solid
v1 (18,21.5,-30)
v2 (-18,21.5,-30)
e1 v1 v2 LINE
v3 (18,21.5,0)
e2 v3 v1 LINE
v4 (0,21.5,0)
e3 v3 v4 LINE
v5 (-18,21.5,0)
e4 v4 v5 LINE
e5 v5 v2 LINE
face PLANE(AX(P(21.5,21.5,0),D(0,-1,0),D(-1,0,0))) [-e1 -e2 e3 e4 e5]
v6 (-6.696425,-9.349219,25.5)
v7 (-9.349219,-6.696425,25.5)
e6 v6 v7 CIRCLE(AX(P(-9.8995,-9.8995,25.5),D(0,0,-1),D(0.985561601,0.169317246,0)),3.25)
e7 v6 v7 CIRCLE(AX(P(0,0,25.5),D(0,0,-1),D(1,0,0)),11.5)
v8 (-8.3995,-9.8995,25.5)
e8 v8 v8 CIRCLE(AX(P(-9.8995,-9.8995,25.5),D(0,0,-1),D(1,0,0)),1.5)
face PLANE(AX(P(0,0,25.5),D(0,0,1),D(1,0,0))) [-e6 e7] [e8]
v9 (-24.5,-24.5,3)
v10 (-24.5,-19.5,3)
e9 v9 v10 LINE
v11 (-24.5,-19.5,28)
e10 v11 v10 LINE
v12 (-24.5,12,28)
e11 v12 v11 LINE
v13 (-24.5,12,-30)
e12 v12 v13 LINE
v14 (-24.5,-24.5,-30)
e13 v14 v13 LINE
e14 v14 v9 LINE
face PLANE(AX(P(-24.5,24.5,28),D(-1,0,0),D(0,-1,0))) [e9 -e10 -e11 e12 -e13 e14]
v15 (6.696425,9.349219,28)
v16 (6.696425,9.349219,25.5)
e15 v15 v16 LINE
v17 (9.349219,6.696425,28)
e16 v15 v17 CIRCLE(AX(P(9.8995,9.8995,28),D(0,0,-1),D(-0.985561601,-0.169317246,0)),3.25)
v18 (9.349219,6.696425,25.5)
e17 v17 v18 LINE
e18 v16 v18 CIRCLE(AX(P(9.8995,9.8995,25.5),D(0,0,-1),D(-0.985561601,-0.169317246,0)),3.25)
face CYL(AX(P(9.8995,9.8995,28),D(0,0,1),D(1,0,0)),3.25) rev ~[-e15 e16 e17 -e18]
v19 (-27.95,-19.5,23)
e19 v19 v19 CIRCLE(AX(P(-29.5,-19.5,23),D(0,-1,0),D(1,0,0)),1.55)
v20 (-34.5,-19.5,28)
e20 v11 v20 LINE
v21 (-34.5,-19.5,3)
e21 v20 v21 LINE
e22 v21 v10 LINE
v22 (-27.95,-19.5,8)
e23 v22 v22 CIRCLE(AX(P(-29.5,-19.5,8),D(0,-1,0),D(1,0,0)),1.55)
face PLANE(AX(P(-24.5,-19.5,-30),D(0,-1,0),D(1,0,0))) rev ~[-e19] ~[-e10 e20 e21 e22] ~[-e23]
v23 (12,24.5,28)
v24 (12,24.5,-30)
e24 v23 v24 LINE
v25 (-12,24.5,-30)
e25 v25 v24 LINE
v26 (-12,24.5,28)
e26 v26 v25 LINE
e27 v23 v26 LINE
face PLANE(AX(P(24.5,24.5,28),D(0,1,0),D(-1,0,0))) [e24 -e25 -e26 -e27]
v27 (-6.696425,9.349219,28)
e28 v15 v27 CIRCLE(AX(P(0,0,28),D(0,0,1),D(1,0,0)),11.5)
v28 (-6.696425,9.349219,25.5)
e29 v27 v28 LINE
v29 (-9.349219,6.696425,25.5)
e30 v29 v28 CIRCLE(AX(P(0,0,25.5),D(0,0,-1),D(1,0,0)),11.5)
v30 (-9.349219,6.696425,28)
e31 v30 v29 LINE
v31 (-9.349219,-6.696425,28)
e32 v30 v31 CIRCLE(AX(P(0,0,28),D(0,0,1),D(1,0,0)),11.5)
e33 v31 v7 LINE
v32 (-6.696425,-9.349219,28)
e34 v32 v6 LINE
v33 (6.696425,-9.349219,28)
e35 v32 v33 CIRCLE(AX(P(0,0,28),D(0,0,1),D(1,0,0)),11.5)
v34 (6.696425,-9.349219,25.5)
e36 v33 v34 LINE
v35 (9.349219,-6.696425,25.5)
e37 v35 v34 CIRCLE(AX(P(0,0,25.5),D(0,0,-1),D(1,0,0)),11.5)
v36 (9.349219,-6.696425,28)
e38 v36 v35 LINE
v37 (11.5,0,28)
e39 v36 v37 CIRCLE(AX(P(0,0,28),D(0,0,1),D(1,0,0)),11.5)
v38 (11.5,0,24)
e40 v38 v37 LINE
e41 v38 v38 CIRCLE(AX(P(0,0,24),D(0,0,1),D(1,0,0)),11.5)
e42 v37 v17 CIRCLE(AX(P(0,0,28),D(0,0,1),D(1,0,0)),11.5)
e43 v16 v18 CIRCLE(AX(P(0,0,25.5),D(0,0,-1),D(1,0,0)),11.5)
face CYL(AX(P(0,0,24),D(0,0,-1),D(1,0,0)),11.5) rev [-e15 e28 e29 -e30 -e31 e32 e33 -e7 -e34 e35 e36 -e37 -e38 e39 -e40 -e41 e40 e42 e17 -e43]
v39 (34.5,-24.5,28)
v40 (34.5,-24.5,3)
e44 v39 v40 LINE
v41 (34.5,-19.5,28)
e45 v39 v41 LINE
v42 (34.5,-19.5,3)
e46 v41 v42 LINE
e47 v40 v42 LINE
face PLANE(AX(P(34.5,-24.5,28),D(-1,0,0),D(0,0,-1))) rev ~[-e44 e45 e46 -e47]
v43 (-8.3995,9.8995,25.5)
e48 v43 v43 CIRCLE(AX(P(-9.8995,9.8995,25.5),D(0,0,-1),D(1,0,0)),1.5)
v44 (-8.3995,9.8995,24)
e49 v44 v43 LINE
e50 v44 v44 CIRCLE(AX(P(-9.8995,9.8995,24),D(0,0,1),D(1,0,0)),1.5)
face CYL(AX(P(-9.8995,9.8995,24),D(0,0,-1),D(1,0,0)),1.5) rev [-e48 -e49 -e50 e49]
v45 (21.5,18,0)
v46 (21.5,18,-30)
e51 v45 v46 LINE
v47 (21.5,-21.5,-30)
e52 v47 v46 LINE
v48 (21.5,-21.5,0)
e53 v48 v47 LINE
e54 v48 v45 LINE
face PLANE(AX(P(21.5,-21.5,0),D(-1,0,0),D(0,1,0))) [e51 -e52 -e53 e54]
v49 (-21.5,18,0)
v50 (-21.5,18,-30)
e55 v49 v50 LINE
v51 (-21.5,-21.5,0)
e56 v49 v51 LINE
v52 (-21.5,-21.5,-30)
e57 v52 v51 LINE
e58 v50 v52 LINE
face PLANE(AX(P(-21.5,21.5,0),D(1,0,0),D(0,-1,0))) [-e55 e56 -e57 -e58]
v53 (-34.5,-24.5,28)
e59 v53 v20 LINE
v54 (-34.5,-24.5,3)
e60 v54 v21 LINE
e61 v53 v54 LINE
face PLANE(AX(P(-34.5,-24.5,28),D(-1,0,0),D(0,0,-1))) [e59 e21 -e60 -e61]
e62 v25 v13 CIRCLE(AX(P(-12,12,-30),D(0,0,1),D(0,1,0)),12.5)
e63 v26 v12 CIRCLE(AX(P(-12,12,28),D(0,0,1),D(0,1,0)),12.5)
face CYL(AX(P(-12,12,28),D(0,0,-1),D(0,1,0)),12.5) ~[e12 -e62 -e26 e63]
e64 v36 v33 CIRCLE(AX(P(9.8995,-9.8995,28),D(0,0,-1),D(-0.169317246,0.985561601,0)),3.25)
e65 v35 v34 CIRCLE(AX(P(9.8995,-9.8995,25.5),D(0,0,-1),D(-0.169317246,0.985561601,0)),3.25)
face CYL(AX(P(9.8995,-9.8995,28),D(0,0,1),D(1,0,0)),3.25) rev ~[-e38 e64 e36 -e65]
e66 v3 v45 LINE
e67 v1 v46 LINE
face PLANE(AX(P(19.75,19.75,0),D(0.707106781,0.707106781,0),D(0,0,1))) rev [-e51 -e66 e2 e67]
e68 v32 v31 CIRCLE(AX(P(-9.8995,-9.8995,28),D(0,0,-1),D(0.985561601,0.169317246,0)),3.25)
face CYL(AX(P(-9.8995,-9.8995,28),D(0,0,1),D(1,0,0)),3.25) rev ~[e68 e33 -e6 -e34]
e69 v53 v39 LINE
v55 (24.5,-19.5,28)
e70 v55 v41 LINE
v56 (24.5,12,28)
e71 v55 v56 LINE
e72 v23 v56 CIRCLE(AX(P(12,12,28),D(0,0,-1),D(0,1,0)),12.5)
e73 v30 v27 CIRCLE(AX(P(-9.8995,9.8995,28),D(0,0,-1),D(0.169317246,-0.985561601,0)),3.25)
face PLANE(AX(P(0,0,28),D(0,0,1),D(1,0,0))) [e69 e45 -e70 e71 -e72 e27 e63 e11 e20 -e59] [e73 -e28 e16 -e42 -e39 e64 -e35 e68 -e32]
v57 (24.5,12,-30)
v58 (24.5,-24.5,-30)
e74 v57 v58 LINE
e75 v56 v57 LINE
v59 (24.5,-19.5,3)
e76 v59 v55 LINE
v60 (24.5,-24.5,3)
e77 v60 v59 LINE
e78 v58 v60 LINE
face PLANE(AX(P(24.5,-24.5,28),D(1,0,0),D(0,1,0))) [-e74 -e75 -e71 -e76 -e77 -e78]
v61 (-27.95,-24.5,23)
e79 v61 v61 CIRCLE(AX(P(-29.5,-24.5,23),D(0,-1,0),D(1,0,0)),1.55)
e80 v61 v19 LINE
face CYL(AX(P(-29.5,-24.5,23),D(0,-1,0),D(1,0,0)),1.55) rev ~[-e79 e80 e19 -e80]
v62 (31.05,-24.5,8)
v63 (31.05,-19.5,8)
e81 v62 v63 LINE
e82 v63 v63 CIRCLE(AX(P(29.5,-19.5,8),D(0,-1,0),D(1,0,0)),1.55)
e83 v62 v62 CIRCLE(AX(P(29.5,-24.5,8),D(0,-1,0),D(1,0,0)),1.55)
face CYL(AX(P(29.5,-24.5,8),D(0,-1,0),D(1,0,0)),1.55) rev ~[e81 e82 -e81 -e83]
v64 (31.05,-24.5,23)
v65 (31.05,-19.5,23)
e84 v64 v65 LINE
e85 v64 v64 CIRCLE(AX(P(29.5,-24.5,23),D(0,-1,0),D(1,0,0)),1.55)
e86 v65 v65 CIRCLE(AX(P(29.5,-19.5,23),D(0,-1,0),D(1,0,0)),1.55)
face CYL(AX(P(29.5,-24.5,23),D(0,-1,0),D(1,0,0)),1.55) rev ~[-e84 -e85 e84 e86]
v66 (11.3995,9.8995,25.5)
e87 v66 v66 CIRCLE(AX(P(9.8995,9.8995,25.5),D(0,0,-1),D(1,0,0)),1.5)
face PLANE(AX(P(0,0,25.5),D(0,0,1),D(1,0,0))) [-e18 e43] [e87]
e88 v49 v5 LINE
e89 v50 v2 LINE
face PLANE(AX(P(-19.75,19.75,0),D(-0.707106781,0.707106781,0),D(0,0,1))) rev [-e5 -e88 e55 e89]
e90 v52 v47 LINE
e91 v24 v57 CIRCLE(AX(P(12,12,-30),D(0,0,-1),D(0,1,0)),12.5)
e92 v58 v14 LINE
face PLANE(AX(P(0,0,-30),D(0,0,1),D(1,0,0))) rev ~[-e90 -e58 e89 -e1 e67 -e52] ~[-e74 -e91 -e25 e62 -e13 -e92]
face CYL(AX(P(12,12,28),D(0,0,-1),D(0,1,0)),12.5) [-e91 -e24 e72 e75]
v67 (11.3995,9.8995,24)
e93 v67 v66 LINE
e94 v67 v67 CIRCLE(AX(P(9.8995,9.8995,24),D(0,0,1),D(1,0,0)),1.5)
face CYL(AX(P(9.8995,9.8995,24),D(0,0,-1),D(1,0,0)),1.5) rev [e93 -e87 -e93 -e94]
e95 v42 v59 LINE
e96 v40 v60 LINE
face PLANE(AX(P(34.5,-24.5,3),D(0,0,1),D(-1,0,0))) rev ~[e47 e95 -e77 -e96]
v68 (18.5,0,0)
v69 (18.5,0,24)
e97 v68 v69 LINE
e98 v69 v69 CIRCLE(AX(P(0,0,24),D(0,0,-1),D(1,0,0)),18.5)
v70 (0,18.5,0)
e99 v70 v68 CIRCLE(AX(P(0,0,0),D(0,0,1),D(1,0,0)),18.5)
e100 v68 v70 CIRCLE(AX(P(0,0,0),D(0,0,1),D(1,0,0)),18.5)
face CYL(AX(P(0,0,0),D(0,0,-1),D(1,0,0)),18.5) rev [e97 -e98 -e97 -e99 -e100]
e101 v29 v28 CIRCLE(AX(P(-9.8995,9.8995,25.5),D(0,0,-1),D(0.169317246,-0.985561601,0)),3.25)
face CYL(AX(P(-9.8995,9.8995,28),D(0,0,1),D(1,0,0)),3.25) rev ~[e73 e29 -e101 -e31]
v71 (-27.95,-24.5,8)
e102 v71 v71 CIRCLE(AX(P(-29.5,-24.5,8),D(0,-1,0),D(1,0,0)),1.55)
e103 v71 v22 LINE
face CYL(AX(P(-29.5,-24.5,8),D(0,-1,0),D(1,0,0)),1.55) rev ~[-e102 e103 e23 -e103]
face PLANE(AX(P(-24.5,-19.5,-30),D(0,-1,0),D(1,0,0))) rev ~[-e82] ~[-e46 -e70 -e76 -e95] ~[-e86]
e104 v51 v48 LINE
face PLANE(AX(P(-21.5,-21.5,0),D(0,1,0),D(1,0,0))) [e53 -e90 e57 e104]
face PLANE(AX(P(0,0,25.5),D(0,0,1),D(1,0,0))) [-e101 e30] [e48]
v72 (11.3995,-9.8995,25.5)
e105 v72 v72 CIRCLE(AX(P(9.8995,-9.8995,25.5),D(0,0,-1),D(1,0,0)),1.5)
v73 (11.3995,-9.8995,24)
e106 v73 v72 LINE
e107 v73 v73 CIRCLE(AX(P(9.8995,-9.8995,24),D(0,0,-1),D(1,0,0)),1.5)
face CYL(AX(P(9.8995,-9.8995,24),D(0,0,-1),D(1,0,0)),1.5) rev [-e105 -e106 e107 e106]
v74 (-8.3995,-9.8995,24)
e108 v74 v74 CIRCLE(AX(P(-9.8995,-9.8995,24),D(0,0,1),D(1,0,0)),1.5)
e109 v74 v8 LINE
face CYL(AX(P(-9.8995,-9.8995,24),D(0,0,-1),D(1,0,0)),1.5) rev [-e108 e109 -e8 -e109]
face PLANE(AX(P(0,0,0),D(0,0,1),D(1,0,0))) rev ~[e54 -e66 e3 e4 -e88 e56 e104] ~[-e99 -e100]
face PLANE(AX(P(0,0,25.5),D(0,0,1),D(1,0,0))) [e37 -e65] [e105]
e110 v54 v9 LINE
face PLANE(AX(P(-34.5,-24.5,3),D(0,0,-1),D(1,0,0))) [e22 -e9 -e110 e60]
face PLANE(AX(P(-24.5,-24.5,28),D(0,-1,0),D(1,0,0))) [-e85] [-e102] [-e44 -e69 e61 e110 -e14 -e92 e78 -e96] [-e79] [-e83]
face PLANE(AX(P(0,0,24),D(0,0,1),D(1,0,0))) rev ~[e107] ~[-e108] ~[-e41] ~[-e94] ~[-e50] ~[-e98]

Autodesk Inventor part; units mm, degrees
ref_plane "YZ Plane" through (0, 0, 0) normal (1, 0, 0) x (0, 1, 0)
ref_plane "XZ Plane" through (0, 0, 0) normal (0, 1, 0) x (-1, 0, 0)
ref_plane "XY Plane" through (0, 0, 0) normal (0, 0, 1) x (1, 0, 0)
sketch "Sketch1" plane through (0, 0, 0) normal (0, 0, 1) x (1, 0, 0)
  line L0 (-21.5, -21.5) -> (21.5, -21.5)
  line L1 (21.5, -21.5) -> (21.5, 21.5)
  line L2 (21.5, 21.5) -> (-21.5, 21.5)
  line L3 (-21.5, 21.5) -> (-21.5, -21.5)
  line L4 (-21.5, -21.5) -> (21.5, 21.5) construction
  line L5 (21.5, -21.5) -> (-21.5, 21.5) construction
  circle A0 centre (0, 0) radius 18.5
  circle A1 centre (0, 0) radius 11.5
  circle A2 centre (0, 0) radius 14
  circle A3 centre (-9.8995, 9.8995) radius 1.5
  circle A4 centre (-9.8995, -9.8995) radius 1.5
  circle A5 centre (9.8995, -9.8995) radius 1.5
  circle A6 centre (9.8995, 9.8995) radius 1.5
  line L6 (0, 0) -> (0, 21.5)
  line L7 (-24.5, 24.5) -> (24.5, 24.5)
  line L8 (24.5, 24.5) -> (24.5, -24.5)
  line L9 (24.5, -24.5) -> (-24.5, -24.5)
  line L10 (-24.5, -24.5) -> (-24.5, 24.5)
  line L11 (-24.5, 24.5) -> (24.5, -24.5) construction
  line L12 (24.5, 24.5) -> (-24.5, -24.5) construction
  dimension "d4" = 28
  dimension "d0" = 43
  dimension "d1" = 43
  dimension "d2" = 37
  dimension "d3" = 23
  dimension "d5" = 3
  dimension "d8" = 360
  dimension "d10" = 3
  dimension "d11" = 3
extrude "Extrusion1" add sketch "Sketch1" along normal blind 5 and the other way blind 30 contours L7 L8 L9 L10
extrude "Extrusion2" add sketch "Sketch1" along normal blind 24 contours L3 L2 L1 L0
sketch "Sketch2" plane through (0, 0, 24) normal (0, 0, 1) x (1, 0, 0)
  circle A0 centre (0, 0) radius 11.5 projected
  circle A1 centre (0, 0) radius 14 projected
  circle A2 centre (9.8995, 9.8995) radius 1.5 projected
  circle A3 centre (9.8995, -9.8995) radius 1.5 projected
  circle A4 centre (-9.8995, -9.8995) radius 1.5 projected
  circle A5 centre (-9.8995, 9.8995) radius 1.5 projected
  circle A6 centre (0, 0) radius 18.5 projected
  line L0 (-21.5, 21.5) -> (-21.5, -21.5) projected
  line L1 (-21.5, -21.5) -> (21.5, -21.5) projected
  line L2 (21.5, -21.5) -> (21.5, 21.5) projected
  line L3 (21.5, 21.5) -> (-21.5, 21.5) projected
  circle A7 centre (0, 0) radius 18.5 projected
  line L4 (24.5, -24.5) -> (-24.5, -24.5) projected
  line L5 (24.5, 24.5) -> (24.5, -24.5) projected
  line L6 (-24.5, 24.5) -> (24.5, 24.5) projected
  line L7 (-24.5, -24.5) -> (-24.5, 24.5) projected
  line L8 (21.5, -21.5) -> (21.5, 21.5) projected
  line L9 (-21.5, -21.5) -> (21.5, -21.5) projected
  line L10 (-21.5, 21.5) -> (-21.5, -21.5) projected
  line L11 (21.5, 21.5) -> (-21.5, 21.5) projected
extrude "Extrusion3" add sketch "Sketch2" along normal blind 4 contours A1 A3 A4 A5 A2 | A6 | L3 L2 L1 L0
sketch "Sketch8" plane through (0, 0, 28) normal (0, 0, 1) x (1, 0, 0)
  line L0 (-24.5, -24.5) -> (24.5, -24.5) projected
  line L1 (24.5, -24.5) -> (24.5, 24.5) projected
  line L2 (24.5, 24.5) -> (-24.5, 24.5) projected
  line L3 (-24.5, 24.5) -> (-24.5, -24.5) projected
  line L4 (21.5, 21.5) -> (21.5, -21.5) projected
  line L5 (21.5, -21.5) -> (-21.5, -21.5) projected
  line L6 (-21.5, -21.5) -> (-21.5, 21.5) projected
  line L7 (-21.5, 21.5) -> (21.5, 21.5) projected
  line L8 (-21.5, 21.5) -> (-21.5, -21.5) projected
  line L9 (-21.5, -21.5) -> (21.5, -21.5) projected
  line L10 (21.5, -21.5) -> (21.5, 21.5) projected
  line L11 (21.5, 21.5) -> (-21.5, 21.5) projected
  circle A0 centre (-9.8995, 9.8995) radius 1.5 projected
  circle A1 centre (-9.8995, -9.8995) radius 1.5 projected
  circle A2 centre (9.8995, -9.8995) radius 1.5 projected
  circle A3 centre (0, 0) radius 11.5 projected
  circle A4 centre (9.8995, 9.8995) radius 1.5 projected
extrude "Extrusion8" add sketch "Sketch8" against normal up to surface (23 mm away) contours L3 L2 L1 L0
sketch "Sketch9" plane through (-24.5, -24.5, -30) normal (0, -1, 0) x (1, 0, 0)
  line L0 (49, 0) -> (49, 58) projected
  line L1 (49, 58) -> (59, 58)
  line L2 (59, 58) -> (59, 33)
  line L3 (59, 33) -> (49, 33)
  line L4 (49, 33) -> (49, 58)
  line L5 (0, 58) -> (0, 0) projected
  line L6 (0, 58) -> (-10, 58)
  line L7 (-10, 58) -> (-10, 33)
  line L8 (-10, 33) -> (0, 33)
  line L9 (0, 33) -> (0, 58)
  line L10 (0, 58) -> (49, 58) projected
  circle A0 centre (54, 38) radius 1.55
  circle A1 centre (54, 53) radius 1.55
  circle A2 centre (-5, 38) radius 1.55
  circle A3 centre (-5, 53) radius 1.55
  point P0 (24.5, 30)
  point P1 (0, 33)
  point P2 (49, 33)
  dimension "d72" = 0
  dimension "d73" = 25
  dimension "d74" = 25
  dimension "d75" = 10
  dimension "d76" = 10
  dimension "d77" = 15
  dimension "d78" = 15
  dimension "d79" = 5
  dimension "d80" = 5
  dimension "d81" = 3.1
  dimension "d82" = 3.1
  dimension "d83" = 3.1
  dimension "d84" = 3.1
extrude "Extrusion9" add sketch "Sketch9" against normal blind 5
chamfer "Chamfer3" distance 3.5 angle 45 2 edges at (21.5, 21.5, -15) (-21.5, 21.5, -15)
fillet "Fillet10" radius 12.5 2 edges at (-24.5, 24.5, -1) (24.5, 24.5, -1)
sketch "Sketch10" plane through (0, 0, 28) normal (0, 0, 1) x (1, 0, 0)
  circle A0 centre (-9.8995, 9.8995) radius 1.5 projected
  circle A1 centre (-9.8995, 9.8995) radius 3.25
  circle A2 centre (9.8995, 9.8995) radius 1.5 projected
  circle A3 centre (9.8995, 9.8995) radius 3.25
  circle A4 centre (9.8995, -9.8995) radius 1.5 projected
  circle A5 centre (9.8995, -9.8995) radius 3.25
  circle A6 centre (-9.8995, -9.8995) radius 1.5 projected
  circle A7 centre (-9.8995, -9.8995) radius 3.25
  point P0 (0, 0)
  dimension "d94" = 6.5
  dimension "d95" = 6.5
  dimension "d96" = 6.5
  dimension "d97" = 6.5
extrude "Extrusion10" cut sketch "Sketch10" against normal blind 2.5 contours A0 | A1 | A2 | A3 | A4 | A5 | A6 | A7
properties part number "StepperMotorHolder"
